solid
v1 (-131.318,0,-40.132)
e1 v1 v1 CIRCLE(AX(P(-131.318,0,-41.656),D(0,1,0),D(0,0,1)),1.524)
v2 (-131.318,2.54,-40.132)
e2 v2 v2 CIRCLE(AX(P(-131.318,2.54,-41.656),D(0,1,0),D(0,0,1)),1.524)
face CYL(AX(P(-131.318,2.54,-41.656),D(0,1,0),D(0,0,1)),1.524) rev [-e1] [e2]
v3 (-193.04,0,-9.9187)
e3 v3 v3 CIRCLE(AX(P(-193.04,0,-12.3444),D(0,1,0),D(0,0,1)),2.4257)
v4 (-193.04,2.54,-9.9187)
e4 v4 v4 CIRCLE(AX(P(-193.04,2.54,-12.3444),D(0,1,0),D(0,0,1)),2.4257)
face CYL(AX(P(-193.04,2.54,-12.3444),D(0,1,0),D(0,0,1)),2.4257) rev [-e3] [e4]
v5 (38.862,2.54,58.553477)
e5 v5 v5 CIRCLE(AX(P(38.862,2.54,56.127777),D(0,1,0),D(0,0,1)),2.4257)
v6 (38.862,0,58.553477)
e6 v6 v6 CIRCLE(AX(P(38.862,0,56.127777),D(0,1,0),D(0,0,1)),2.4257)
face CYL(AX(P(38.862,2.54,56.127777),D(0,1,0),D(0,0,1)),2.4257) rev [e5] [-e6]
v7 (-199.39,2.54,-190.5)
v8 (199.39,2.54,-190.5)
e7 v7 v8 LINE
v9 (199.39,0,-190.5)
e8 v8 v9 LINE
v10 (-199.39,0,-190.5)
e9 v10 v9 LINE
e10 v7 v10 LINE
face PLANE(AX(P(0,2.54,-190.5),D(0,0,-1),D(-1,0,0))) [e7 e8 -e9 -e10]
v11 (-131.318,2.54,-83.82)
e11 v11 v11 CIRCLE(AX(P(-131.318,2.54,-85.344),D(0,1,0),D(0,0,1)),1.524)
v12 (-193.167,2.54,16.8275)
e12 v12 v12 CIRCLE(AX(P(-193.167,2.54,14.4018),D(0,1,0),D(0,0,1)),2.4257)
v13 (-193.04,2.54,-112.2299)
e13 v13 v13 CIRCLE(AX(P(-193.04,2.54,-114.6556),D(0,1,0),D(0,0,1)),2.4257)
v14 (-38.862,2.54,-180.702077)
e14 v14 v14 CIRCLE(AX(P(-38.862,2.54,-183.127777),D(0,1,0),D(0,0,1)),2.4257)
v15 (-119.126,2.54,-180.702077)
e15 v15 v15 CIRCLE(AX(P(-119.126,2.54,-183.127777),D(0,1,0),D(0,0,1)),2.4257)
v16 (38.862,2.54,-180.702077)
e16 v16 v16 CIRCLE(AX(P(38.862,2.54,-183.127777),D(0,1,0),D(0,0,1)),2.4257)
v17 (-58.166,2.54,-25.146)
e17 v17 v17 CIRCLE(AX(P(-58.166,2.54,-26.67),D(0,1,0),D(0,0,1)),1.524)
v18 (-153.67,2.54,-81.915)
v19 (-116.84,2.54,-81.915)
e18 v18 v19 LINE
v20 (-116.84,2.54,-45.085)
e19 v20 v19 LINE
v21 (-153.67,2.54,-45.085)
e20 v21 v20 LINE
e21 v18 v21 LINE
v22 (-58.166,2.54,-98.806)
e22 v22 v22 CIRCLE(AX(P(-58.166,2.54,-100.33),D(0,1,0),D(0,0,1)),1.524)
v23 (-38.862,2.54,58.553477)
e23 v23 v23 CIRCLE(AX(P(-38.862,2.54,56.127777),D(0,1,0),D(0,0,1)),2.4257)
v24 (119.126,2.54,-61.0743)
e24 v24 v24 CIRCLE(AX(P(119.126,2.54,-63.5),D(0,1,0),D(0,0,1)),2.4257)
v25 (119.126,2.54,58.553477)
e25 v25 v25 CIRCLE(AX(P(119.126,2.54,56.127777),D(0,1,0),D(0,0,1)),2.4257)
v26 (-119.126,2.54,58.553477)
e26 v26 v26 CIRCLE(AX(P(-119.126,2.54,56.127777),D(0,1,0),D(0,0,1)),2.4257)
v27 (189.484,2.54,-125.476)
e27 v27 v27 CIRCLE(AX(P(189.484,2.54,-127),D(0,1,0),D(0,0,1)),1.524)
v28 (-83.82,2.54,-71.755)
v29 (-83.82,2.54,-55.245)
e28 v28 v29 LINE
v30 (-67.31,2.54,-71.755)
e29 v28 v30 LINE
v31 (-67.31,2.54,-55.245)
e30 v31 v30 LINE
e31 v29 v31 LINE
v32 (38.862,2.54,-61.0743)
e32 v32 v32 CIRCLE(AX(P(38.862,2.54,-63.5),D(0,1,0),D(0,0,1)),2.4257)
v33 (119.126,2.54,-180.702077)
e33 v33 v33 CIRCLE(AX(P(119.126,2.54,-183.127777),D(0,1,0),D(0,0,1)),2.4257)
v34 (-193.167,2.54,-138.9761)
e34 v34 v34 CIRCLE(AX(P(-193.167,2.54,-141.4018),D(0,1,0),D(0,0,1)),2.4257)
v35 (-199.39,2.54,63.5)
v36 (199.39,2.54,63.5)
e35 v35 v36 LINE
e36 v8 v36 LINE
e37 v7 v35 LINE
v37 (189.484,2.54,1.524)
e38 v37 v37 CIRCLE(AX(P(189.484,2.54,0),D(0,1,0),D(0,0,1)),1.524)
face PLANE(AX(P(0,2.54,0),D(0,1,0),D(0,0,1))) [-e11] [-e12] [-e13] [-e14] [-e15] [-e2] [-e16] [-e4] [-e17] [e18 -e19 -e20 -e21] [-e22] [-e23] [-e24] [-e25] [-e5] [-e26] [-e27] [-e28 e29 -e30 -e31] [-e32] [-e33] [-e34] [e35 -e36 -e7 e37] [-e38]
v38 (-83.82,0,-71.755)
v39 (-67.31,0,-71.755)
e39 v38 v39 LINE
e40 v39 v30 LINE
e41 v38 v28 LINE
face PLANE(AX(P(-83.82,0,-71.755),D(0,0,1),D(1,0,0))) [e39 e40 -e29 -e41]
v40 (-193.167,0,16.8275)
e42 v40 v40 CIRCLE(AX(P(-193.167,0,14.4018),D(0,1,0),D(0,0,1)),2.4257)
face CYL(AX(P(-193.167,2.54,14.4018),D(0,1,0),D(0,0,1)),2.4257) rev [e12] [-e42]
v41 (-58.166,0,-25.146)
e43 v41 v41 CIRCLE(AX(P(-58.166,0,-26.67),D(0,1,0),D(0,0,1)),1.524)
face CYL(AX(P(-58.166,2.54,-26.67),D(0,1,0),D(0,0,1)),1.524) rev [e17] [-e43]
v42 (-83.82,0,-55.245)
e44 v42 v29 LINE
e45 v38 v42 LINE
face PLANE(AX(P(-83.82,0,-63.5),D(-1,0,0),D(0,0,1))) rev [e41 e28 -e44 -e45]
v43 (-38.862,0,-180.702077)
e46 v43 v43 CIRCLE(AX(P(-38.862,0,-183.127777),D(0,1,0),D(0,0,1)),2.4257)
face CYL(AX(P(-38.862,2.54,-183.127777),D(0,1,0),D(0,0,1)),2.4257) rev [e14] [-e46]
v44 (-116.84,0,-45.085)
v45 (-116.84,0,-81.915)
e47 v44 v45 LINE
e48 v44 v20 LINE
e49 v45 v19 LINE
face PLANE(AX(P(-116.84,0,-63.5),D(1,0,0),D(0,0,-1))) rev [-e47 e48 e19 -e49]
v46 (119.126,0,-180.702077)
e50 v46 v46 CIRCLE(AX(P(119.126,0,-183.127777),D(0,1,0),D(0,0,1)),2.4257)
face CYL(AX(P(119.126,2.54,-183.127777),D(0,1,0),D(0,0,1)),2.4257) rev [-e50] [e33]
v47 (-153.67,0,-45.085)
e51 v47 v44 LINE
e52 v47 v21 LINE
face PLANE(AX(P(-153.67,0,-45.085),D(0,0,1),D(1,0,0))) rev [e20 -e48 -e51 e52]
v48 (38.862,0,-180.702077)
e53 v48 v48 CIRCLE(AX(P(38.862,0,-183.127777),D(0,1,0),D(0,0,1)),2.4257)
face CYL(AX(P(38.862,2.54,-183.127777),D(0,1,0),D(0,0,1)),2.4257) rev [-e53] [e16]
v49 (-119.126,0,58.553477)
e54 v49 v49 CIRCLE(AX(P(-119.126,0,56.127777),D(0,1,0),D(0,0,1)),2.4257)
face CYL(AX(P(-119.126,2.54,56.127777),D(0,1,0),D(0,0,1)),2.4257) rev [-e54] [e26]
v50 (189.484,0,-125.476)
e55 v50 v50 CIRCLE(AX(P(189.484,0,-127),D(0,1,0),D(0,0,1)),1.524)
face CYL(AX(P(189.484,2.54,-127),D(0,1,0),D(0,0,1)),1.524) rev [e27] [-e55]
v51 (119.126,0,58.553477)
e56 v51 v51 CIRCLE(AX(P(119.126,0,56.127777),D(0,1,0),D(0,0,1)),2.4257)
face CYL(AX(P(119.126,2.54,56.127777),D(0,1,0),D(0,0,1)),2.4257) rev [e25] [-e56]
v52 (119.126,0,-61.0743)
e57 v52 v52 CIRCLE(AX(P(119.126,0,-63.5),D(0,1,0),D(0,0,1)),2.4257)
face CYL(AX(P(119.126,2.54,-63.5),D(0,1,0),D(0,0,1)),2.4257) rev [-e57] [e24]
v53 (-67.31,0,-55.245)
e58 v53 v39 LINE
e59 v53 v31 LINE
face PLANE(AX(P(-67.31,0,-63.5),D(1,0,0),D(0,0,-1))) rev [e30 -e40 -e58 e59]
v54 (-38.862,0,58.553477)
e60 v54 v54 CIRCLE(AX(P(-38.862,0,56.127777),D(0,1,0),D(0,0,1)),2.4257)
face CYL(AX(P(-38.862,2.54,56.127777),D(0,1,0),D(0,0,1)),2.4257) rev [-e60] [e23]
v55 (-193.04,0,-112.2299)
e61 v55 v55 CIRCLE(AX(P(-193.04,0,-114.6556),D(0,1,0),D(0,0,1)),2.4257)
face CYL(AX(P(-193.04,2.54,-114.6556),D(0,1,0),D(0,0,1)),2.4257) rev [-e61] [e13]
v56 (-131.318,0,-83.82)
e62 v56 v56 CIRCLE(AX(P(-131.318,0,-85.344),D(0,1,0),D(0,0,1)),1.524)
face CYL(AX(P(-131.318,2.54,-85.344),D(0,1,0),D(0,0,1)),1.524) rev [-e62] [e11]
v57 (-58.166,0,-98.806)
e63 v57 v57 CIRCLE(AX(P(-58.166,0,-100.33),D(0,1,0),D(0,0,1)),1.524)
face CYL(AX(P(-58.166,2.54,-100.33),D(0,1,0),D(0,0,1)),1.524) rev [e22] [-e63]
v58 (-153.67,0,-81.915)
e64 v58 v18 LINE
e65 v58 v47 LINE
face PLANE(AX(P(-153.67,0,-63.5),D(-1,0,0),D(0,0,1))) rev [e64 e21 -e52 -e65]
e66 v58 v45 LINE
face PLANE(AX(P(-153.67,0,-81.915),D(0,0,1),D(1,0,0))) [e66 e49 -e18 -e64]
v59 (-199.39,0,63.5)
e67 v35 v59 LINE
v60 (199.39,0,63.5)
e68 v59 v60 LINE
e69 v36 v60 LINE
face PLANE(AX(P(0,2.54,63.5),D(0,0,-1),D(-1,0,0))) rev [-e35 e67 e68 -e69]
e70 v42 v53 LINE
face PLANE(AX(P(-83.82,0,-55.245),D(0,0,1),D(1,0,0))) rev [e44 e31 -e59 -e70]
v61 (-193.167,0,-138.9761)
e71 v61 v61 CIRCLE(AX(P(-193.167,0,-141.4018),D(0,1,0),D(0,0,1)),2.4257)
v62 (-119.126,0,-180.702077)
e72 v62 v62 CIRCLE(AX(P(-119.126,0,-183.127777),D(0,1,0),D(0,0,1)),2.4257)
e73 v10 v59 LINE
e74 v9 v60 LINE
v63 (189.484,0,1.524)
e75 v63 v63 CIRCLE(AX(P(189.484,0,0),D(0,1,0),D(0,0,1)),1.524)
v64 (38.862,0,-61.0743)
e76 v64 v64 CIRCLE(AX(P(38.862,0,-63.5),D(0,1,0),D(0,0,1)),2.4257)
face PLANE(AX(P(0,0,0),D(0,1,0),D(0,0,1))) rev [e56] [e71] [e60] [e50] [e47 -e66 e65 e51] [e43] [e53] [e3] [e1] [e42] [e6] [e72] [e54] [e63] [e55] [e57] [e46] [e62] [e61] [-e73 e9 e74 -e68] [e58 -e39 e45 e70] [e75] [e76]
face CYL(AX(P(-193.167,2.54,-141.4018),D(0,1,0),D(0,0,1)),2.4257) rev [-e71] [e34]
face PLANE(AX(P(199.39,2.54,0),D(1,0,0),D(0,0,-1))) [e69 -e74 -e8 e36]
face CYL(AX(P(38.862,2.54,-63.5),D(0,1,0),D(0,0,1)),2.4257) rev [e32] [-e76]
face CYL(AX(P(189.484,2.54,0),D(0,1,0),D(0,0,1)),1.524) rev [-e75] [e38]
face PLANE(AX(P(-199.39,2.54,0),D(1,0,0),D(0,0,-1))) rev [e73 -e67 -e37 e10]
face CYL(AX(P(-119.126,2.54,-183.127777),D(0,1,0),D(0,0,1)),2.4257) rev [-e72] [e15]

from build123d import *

# Parameters (mm, degrees)
SKETCH1_W                    = 199.39
SKETCH1_H                    = 127
BOSS_EXTRUDE1_DEPTH          = 2.54
F_11_0_191_DIAMETER_HOLE1_D  = 4.8514
F_11_0_191_DIAMETER_HOLE2_D  = 4.8514
SKETCH8_W                    = 36.83
SKETCH8_H                    = 18.415
SKETCH8_W_2                  = 16.51
SKETCH8_H_2                  = 8.255
CUT_EXTRUDE1_DEPTH           = 2.54
F_11_0_191_DIAMETER_HOLE3_D  = 4.8514
F_31_0_12_DIAMETER_HOLE2_D   = 3.048
F_31_0_12_DIAMETER_HOLE3_D   = 3.048
F_1_8_0_125_DIAMETER_HOLE1_D = 3.048


with BuildPart() as part:
    # Sketch1 → Boss-Extrude1 (new body)
    with BuildSketch(Plane(origin=(0, 0, 0), x_dir=(1, 0, 0), z_dir=(0, 1, 0))):
        with Locations((-99.695, 0)):
            Rectangle(SKETCH1_W, SKETCH1_H)
        with Locations((99.695, 0)):
            Rectangle(SKETCH1_W, SKETCH1_H)
    boss_extrude1 = extrude(amount=BOSS_EXTRUDE1_DEPTH)

    # #11 (0.191) Diameter Hole1 (through all)
    with Locations(Plane(origin=(0, 2.54, 0), x_dir=(1, 0, 0), z_dir=(0, 1, 0))):
        with Locations((-193.167, -14.4018), (-193.04, 12.3444)):
            f_11_0_191_diameter_hole1 = Hole(F_11_0_191_DIAMETER_HOLE1_D / 2)

    # #11 (0.191) Diameter Hole2 (through all)
    with Locations(Plane(origin=(0, 2.54, 0), x_dir=(1, 0, 0), z_dir=(0, 1, 0))):
        with Locations((-119.126, -56.127777467), (-38.862, -56.127777467), (38.862, -56.127777467), (119.126, -56.127777467)):
            f_11_0_191_diameter_hole2 = Hole(F_11_0_191_DIAMETER_HOLE2_D / 2)

    # Sketch8 → Cut-Extrude1 (cut)
    with BuildSketch(Plane(origin=(0, 2.54, 0), x_dir=(1, 0, 0), z_dir=(0, 1, 0))):
        with Locations((-135.255, 54.2925)):
            Rectangle(SKETCH8_W, SKETCH8_H)
        with Locations((-75.565, 59.3725)):
            Rectangle(SKETCH8_W_2, SKETCH8_H_2)
    cut_extrude1 = extrude(amount=-CUT_EXTRUDE1_DEPTH, mode=Mode.SUBTRACT)

    # Mirror6: Boss-Extrude1, #11 (0.191) Diameter Hole1, #11 (0.191) Diameter Hole2, Cut-Extrude1 across plane
    add(boss_extrude1.mirror(Plane(origin=(0, 2.54, -63.5), x_dir=(1, 0, 0), z_dir=(0, 0, -1))))
    add(f_11_0_191_diameter_hole1.mirror(Plane(origin=(0, 2.54, -63.5), x_dir=(1, 0, 0), z_dir=(0, 0, -1))), mode=Mode.SUBTRACT)
    add(f_11_0_191_diameter_hole2.mirror(Plane(origin=(0, 2.54, -63.5), x_dir=(1, 0, 0), z_dir=(0, 0, -1))), mode=Mode.SUBTRACT)
    add(cut_extrude1.mirror(Plane(origin=(0, 2.54, -63.5), x_dir=(1, 0, 0), z_dir=(0, 0, -1))), mode=Mode.SUBTRACT)

    # #11 (0.191) Diameter Hole3 (through all)
    with Locations(Plane(origin=(0, 2.54, 0), x_dir=(1, 0, 0), z_dir=(0, 1, 0))):
        with Locations((119.126, 63.5), (38.862, 63.5)):
            Hole(F_11_0_191_DIAMETER_HOLE3_D / 2)

    # #31 (0.12) Diameter Hole2 (through all)
    with Locations(Plane(origin=(0, 2.54, 0), x_dir=(1, 0, 0), z_dir=(0, 1, 0))):
        with Locations((-131.318, 41.656), (-131.318, 85.344)):
            Hole(F_31_0_12_DIAMETER_HOLE2_D / 2)

    # #31 (0.12) Diameter Hole3 (through all)
    with Locations(Plane(origin=(0, 2.54, 0), x_dir=(1, 0, 0), z_dir=(0, 1, 0))):
        with Locations((-58.166, 100.33), (-58.166, 26.67)):
            Hole(F_31_0_12_DIAMETER_HOLE3_D / 2)

    # 1/8 (0.125) Diameter Hole1 (through all)
    with Locations(Plane(origin=(0, 2.54, 0), x_dir=(1, 0, 0), z_dir=(0, 1, 0))):
        with Locations((189.484, 0), (189.484, 127)):
            Hole(F_1_8_0_125_DIAMETER_HOLE1_D / 2)


solid = part.part
